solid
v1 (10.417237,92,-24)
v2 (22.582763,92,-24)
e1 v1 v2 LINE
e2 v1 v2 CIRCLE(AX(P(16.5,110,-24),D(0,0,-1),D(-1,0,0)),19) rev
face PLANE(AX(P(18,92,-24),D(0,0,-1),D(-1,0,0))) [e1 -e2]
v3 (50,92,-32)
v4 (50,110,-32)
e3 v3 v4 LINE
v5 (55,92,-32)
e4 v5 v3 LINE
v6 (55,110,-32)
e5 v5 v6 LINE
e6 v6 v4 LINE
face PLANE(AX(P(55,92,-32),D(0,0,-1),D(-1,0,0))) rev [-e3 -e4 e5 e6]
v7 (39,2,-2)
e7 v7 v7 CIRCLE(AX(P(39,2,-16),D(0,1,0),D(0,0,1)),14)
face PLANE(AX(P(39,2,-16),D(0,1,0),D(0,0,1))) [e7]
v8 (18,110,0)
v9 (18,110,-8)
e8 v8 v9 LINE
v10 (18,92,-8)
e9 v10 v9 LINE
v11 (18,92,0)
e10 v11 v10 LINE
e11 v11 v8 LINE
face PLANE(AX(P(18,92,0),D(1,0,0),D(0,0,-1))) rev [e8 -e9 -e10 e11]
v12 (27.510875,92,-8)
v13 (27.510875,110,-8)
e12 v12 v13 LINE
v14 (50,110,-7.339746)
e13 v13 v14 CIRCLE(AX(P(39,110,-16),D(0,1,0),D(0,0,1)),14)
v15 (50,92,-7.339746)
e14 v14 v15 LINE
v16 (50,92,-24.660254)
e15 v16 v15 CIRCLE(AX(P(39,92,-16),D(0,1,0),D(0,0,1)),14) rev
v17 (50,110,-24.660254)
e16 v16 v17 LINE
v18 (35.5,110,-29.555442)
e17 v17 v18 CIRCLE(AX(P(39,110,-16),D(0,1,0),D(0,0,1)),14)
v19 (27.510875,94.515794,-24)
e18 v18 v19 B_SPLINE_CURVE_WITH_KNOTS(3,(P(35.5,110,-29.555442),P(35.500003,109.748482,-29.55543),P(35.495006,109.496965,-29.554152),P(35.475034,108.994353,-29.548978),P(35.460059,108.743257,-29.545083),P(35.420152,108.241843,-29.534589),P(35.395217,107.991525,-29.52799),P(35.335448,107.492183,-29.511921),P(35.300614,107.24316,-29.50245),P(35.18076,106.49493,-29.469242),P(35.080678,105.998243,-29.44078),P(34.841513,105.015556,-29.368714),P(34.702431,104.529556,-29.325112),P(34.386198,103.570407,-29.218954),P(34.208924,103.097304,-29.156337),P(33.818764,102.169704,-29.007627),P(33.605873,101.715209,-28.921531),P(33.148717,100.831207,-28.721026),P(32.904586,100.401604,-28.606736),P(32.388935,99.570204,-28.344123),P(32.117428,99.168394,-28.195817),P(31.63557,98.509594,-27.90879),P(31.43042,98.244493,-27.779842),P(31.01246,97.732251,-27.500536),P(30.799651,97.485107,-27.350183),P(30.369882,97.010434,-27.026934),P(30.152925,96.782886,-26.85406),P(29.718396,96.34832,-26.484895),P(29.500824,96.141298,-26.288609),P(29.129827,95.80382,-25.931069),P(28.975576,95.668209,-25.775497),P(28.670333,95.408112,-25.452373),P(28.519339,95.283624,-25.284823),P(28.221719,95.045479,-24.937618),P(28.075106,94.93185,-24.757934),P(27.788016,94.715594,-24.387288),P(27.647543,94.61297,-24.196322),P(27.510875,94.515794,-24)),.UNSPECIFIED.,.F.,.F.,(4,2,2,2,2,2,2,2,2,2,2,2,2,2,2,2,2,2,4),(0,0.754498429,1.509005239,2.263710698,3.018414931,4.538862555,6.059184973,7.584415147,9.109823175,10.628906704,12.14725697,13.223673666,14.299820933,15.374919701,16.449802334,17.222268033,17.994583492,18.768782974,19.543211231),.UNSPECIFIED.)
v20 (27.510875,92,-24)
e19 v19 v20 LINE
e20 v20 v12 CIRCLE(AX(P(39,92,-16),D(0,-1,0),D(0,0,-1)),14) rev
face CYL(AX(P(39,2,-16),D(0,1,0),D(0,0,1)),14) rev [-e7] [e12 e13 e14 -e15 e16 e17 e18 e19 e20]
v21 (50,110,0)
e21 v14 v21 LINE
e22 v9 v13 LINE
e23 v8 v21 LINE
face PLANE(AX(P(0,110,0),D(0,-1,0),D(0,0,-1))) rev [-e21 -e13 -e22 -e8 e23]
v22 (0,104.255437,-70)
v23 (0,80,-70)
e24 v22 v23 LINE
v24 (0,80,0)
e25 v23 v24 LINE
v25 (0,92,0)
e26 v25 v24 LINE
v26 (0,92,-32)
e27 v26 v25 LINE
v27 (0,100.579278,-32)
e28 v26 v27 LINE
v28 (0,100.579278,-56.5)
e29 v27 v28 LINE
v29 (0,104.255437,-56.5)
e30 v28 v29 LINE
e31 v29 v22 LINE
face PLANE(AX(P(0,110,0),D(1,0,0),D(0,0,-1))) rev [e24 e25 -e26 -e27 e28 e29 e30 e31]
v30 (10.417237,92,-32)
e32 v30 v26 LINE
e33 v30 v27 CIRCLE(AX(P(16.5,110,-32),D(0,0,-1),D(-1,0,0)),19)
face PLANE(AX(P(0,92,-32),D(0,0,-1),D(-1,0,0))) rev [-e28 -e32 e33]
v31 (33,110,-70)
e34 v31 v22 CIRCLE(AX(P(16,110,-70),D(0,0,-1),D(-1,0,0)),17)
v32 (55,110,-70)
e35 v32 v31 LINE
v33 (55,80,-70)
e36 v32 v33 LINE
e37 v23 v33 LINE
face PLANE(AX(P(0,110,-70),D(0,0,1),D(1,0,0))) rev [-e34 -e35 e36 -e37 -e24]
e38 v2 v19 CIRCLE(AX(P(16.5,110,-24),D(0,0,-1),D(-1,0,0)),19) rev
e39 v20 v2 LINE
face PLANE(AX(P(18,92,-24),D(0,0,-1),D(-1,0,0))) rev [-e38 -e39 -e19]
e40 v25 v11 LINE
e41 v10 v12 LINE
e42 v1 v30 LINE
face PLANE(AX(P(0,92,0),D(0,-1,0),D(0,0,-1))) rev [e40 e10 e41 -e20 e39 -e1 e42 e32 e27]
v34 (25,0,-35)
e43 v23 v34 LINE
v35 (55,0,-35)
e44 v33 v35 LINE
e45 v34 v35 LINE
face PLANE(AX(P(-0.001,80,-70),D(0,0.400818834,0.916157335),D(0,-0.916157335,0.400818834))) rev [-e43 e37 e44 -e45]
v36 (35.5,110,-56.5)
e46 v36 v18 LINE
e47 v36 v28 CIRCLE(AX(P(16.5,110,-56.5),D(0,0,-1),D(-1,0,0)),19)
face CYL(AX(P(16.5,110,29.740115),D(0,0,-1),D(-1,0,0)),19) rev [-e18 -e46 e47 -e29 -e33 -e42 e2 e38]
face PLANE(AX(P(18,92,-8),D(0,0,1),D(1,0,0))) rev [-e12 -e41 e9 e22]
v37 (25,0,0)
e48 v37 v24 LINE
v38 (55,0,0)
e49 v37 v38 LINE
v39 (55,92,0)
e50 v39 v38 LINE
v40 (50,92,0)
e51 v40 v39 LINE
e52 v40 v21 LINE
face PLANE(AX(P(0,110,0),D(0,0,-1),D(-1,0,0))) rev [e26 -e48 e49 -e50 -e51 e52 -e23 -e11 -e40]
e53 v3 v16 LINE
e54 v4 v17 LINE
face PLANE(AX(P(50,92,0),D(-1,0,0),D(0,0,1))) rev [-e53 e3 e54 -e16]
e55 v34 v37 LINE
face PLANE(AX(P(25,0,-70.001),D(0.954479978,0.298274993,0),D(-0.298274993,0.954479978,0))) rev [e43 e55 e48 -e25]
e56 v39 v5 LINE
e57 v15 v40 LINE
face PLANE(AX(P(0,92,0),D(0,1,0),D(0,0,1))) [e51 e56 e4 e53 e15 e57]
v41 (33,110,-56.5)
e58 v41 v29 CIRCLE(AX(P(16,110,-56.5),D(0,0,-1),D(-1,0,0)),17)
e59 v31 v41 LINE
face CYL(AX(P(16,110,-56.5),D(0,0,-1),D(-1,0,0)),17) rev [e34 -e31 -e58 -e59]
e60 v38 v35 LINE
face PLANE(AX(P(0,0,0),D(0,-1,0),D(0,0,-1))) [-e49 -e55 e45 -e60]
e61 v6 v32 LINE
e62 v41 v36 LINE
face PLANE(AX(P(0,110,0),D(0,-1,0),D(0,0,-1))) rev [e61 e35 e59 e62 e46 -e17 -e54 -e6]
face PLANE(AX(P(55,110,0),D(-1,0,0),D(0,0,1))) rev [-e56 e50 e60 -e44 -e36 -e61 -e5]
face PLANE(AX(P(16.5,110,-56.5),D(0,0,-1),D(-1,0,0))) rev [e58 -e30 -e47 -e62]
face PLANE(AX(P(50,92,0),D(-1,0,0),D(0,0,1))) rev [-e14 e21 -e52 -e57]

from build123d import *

# Parameters (mm, degrees)
SKETCH1_W           = 55
SKETCH1_H           = 70
BOSS_EXTRUDE1_DEPTH = 110
SKETCH2_R           = 14
CUT_EXTRUDE1_DEPTH  = 108
SKETCH3_W           = 5
SKETCH3_H           = 32
CUT_EXTRUDE2_DEPTH  = 18
SKETCH4_R           = 17
CUT_EXTRUDE3_DEPTH  = 13.5
CUT_EXTRUDE5_REACH  = 137.341
SKETCH5_R           = 19
CUT_EXTRUDE7_REACH  = 143.51
CUT_EXTRUDE8_REACH  = 143.51


with BuildPart() as part:
    # Sketch1 → Boss-Extrude1 (new body)
    with BuildSketch(Plane(origin=(0, 0, 0), x_dir=(1, 0, 0), z_dir=(0, 1, 0))):
        with Locations((27.5, 35)):
            Rectangle(SKETCH1_W, SKETCH1_H)
    extrude(amount=BOSS_EXTRUDE1_DEPTH)

    # Sketch2 → Cut-Extrude1 (cut)
    with BuildSketch(Plane(origin=(0, 110, 0), x_dir=(1, 0, 0), z_dir=(0, 1, 0))):
        with Locations(Location((39, 16, 0), (0, 0, 270))):
            Circle(SKETCH2_R)
    extrude(amount=-CUT_EXTRUDE1_DEPTH, mode=Mode.SUBTRACT)

    # Sketch3 → Cut-Extrude2 (cut)
    with BuildSketch(Plane(origin=(0, 110, 0), x_dir=(1, 0, 0), z_dir=(0, 1, 0))):
        with Locations((52.5, 16)):
            Rectangle(SKETCH3_W, SKETCH3_H)
        Polygon((0, 0), (18, 0), (18, 8), (31.332818552, 8), (31.332818552, 24), (18, 24), (18, 32), (0, 32), align=None)
    extrude(amount=-CUT_EXTRUDE2_DEPTH, mode=Mode.SUBTRACT)

    # Sketch4 → Cut-Extrude3 (cut)
    with BuildSketch(Plane(origin=(0, 0, -70), x_dir=(-1, 0, 0), z_dir=(0, 0, -1))):
        with Locations((-16, 110)):
            Circle(SKETCH4_R)
    extrude(amount=-CUT_EXTRUDE3_DEPTH, mode=Mode.SUBTRACT)

    # Cut-Extrude5: up to this face of the body (flat: up to its plane)
    cut_extrude5_end = Plane(part.part.faces().sort_by_distance((22.755437353, 101, -24))[0])
    # Sketch5 → Cut-Extrude5 (cut, up to the picked face)
    with BuildSketch(Plane(origin=(0, 0, -56.5), x_dir=(-1, 0, 0), z_dir=(0, 0, -1)), mode=Mode.PRIVATE) as cut_extrude5_sk1:
        with Locations((-16.5, 110)):
            Circle(SKETCH5_R)
    cut_extrude5_tool1 = split(extrude(cut_extrude5_sk1.sketch, amount=-CUT_EXTRUDE5_REACH, mode=Mode.PRIVATE), bisect_by=cut_extrude5_end, keep=Keep.BOTH, mode=Mode.PRIVATE)
    add(cut_extrude5_tool1.solids().sort_by(Axis((16.5, 110, -56.5), (0, 0, 1)))[0], mode=Mode.SUBTRACT)

    # Sketch8 → Cut-Extrude7 (cut, up to next)
    with BuildSketch(Plane(origin=(55, 0, 0), x_dir=(0, 0, -1), z_dir=(1, 0, 0)), mode=Mode.PRIVATE) as cut_extrude7_sk1:
        Polygon((70, 0), (70, 80), (35, 0), align=None)
    cut_extrude7_tool1 = extrude(cut_extrude7_sk1.sketch, amount=-CUT_EXTRUDE7_REACH, mode=Mode.PRIVATE) & part.part
    add(cut_extrude7_tool1.solids().sort_by_distance((55, 26.666667, -58.333333))[0], mode=Mode.SUBTRACT)

    # Cut-Extrude8: up to this plane
    cut_extrude8_end = Plane(origin=(-0.001, 80, -70), z_dir=(0, 0.40081883401970747, 0.9161573349021893))
    # Sketch9 → Cut-Extrude8 (cut, up to the surface)
    with BuildSketch(Plane.XY, mode=Mode.PRIVATE) as cut_extrude8_sk1:
        Polygon((0, 0), (25, 0), (0, 80), align=None)
    cut_extrude8_tool1 = split(extrude(cut_extrude8_sk1.sketch, amount=-CUT_EXTRUDE8_REACH, mode=Mode.PRIVATE), bisect_by=cut_extrude8_end, keep=Keep.BOTH, mode=Mode.PRIVATE)
    add(cut_extrude8_tool1.solids().sort_by_distance((8.333333, 26.666667, 0))[0], mode=Mode.SUBTRACT)


solid = part.part
